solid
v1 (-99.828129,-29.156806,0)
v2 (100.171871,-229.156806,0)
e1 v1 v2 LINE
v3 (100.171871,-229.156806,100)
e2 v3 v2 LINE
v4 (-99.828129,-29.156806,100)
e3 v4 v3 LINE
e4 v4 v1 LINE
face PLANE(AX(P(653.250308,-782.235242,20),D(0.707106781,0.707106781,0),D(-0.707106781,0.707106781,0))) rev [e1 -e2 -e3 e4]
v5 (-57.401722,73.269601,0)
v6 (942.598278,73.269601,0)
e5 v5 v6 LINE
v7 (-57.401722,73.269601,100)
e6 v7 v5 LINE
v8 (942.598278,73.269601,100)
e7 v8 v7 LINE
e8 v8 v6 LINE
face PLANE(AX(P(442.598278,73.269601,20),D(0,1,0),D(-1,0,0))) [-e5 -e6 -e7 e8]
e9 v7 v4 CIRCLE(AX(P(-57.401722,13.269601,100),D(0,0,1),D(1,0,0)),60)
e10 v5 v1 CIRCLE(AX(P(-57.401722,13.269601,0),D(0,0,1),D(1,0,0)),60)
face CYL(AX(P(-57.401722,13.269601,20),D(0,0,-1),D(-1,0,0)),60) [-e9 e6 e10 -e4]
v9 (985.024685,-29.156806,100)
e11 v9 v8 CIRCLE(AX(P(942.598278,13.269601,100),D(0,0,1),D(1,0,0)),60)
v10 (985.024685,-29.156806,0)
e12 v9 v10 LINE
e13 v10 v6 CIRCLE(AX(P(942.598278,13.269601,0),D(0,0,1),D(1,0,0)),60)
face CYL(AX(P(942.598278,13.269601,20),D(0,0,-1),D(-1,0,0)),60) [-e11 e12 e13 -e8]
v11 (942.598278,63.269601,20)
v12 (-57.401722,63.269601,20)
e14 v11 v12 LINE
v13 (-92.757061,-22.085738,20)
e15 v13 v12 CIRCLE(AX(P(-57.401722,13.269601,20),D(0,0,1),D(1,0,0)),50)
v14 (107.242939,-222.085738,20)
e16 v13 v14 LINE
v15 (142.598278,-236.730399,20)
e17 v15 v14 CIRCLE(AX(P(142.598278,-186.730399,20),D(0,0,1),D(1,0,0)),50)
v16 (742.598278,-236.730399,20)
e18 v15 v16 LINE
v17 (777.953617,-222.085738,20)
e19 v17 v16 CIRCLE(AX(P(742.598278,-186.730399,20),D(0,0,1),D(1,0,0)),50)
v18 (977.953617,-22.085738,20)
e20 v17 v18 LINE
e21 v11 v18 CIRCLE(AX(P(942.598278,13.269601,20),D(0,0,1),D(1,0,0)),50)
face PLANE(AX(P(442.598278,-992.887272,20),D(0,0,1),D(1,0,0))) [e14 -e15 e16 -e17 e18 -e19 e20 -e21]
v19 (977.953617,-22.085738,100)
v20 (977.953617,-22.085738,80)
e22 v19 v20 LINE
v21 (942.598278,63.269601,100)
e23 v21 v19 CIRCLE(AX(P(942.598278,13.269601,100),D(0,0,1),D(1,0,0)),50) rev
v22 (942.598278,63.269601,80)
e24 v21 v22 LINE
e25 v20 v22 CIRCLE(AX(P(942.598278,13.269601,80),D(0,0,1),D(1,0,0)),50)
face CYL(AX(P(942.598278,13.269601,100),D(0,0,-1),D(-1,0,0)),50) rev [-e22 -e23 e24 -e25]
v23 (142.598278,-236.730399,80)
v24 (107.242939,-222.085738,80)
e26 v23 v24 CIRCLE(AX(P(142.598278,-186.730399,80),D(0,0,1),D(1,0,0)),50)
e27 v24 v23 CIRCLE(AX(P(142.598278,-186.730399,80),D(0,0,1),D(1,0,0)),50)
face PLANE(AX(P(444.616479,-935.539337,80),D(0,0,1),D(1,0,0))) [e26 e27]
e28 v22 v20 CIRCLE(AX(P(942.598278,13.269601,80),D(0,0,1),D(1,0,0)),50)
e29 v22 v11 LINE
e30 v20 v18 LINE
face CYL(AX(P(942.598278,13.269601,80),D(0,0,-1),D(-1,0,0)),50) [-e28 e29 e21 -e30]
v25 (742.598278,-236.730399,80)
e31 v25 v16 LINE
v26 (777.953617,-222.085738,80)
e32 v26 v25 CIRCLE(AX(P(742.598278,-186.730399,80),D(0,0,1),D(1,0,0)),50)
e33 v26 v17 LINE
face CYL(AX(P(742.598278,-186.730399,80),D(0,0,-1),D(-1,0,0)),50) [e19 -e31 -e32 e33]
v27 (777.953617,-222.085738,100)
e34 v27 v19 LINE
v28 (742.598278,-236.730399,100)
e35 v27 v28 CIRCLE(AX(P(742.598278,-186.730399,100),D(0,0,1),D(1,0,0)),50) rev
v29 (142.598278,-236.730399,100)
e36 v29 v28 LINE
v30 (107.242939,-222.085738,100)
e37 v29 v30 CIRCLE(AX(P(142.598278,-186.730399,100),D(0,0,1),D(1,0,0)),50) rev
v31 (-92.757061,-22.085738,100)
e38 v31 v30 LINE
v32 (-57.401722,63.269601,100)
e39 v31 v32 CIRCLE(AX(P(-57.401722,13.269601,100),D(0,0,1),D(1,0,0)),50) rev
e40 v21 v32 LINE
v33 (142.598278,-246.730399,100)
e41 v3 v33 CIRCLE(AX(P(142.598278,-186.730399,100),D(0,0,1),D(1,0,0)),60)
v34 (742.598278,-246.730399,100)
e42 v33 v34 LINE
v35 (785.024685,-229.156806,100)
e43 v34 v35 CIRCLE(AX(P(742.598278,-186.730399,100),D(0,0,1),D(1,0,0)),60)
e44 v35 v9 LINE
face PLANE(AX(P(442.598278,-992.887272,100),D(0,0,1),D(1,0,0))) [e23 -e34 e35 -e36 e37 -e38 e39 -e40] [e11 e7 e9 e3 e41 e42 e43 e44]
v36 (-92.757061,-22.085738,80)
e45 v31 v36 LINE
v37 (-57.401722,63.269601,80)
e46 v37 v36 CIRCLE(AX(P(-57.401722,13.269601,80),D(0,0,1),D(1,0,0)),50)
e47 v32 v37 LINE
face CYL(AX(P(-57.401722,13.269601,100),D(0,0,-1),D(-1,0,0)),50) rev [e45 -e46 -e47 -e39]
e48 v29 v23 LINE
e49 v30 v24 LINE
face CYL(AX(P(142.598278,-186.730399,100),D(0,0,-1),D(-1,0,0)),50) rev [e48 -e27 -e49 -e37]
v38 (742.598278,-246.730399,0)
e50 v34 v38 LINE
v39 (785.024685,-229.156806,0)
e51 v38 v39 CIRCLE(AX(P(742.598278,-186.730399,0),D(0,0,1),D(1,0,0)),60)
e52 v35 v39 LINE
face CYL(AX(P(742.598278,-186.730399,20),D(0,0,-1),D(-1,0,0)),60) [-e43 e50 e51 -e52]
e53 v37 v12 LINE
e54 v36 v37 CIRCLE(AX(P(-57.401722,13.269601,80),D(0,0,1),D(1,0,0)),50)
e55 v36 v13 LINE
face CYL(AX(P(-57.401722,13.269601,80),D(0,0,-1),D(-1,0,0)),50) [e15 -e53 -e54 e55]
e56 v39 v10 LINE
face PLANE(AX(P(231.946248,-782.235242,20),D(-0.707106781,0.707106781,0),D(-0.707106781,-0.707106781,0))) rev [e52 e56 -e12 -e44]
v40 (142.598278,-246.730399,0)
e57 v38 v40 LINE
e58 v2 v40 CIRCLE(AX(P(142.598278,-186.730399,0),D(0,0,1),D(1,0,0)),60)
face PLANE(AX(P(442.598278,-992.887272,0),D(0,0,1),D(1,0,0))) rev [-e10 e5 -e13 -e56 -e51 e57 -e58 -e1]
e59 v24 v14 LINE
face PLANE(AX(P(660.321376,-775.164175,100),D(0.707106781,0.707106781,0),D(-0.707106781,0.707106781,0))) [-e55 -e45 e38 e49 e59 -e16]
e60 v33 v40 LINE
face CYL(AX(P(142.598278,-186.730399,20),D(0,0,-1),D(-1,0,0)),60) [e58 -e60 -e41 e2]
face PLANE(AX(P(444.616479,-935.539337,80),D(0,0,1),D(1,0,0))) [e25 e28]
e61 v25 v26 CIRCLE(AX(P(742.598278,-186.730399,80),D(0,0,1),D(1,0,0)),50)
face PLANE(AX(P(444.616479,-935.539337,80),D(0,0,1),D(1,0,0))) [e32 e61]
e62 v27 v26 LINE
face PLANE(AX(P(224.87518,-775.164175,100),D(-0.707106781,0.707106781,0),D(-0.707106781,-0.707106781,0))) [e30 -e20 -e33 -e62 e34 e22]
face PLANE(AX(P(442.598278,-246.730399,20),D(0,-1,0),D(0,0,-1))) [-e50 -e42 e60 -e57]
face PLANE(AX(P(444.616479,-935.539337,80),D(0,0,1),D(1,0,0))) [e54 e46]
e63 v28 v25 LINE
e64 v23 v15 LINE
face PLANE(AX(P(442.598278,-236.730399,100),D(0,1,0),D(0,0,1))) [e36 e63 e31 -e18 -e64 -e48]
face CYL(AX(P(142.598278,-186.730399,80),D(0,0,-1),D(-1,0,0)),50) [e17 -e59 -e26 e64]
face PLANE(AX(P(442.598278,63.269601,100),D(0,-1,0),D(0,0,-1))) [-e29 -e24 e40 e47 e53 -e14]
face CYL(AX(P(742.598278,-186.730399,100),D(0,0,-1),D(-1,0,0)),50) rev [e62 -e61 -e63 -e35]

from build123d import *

# Parameters (mm, degrees)
BOSS_EXTRU_1_DEPTH = 20
ESQUISSE2_R        = 50
BOSS_EXTRU_2_DEPTH = 60
BOSS_EXTRU_3_DEPTH = 80


with BuildPart() as part:
    # Esquisse1 → Boss.-Extru.1 (new body)
    with BuildSketch(Plane.XY):
        with BuildLine():
            ThreePointArc((-57.401721965, 73.269601329), (-112.834493915, 36.230607271), (-99.828128836, -29.156805542))
            Line((-99.828128836, -29.156805542), (100.171871164, -229.156805542))
            ThreePointArc((100.171871164, -229.156805542), (119.637272093, -242.163170622), (142.598278035, -246.730398671))
            Line((142.598278035, -246.730398671), (742.598278035, -246.730398671))
            ThreePointArc((742.598278035, -246.730398671), (765.559283977, -242.163170622), (785.024684906, -229.156805542))
            Line((785.024684906, -229.156805542), (985.024684906, -29.156805542))
            ThreePointArc((985.024684906, -29.156805542), (998.031049986, 36.230607271), (942.598278035, 73.269601329))
            Line((942.598278035, 73.269601329), (-57.401721965, 73.269601329))
        make_face()
    extrude(amount=BOSS_EXTRU_1_DEPTH)

    # Esquisse2 → Boss.-Extru.2 (add)
    with BuildSketch(Plane.XY.offset(20)):
        with Locations((-57.401721965, 13.269601329)):
            Circle(ESQUISSE2_R)
        with Locations((942.598278035, 13.269601329)):
            Circle(ESQUISSE2_R)
        with Locations((142.598278035, -186.730398671)):
            Circle(ESQUISSE2_R)
        with Locations((742.598278035, -186.730398671)):
            Circle(ESQUISSE2_R)
    extrude(amount=BOSS_EXTRU_2_DEPTH)

    # Esquisse3 → Boss.-Extru.3 (add)
    with BuildSketch(Plane.XY.offset(20)):
        with BuildLine():
            Line((942.598278035, 73.269601329), (-57.401721965, 73.269601329))
            ThreePointArc((-57.401721965, 73.269601329), (-112.834493915, 36.230607271), (-99.828128836, -29.156805542))
            Line((-99.828128836, -29.156805542), (100.171871164, -229.156805542))
            ThreePointArc((100.171871164, -229.156805542), (119.637272093, -242.163170622), (142.598278035, -246.730398671))
            Line((142.598278035, -246.730398671), (742.598278035, -246.730398671))
            ThreePointArc((742.598278035, -246.730398671), (765.559283977, -242.163170622), (785.024684906, -229.156805542))
            Line((785.024684906, -229.156805542), (985.024684906, -29.156805542))
            ThreePointArc((985.024684906, -29.156805542), (998.031049986, 36.230607271), (942.598278035, 73.269601329))
        make_face()
        with BuildLine():
            ThreePointArc((942.598278035, 63.269601329), (988.792254661, 32.403772947), (977.953617095, -22.08573773))
            Line((977.953617095, -22.08573773), (777.953617095, -222.08573773))
            ThreePointArc((777.953617095, -222.08573773), (761.732449653, -232.924375297), (742.598278035, -236.730398671))
            Line((742.598278035, -236.730398671), (142.598278035, -236.730398671))
            ThreePointArc((142.598278035, -236.730398671), (123.464106417, -232.924375297), (107.242938976, -222.08573773))
            Line((107.242938976, -222.08573773), (-92.757061024, -22.08573773))
            ThreePointArc((-92.757061024, -22.08573773), (-103.59569859, 32.403772947), (-57.401721965, 63.269601329))
            Line((-57.401721965, 63.269601329), (942.598278035, 63.269601329))
        make_face(mode=Mode.SUBTRACT)
    extrude(amount=BOSS_EXTRU_3_DEPTH)


solid = part.part
